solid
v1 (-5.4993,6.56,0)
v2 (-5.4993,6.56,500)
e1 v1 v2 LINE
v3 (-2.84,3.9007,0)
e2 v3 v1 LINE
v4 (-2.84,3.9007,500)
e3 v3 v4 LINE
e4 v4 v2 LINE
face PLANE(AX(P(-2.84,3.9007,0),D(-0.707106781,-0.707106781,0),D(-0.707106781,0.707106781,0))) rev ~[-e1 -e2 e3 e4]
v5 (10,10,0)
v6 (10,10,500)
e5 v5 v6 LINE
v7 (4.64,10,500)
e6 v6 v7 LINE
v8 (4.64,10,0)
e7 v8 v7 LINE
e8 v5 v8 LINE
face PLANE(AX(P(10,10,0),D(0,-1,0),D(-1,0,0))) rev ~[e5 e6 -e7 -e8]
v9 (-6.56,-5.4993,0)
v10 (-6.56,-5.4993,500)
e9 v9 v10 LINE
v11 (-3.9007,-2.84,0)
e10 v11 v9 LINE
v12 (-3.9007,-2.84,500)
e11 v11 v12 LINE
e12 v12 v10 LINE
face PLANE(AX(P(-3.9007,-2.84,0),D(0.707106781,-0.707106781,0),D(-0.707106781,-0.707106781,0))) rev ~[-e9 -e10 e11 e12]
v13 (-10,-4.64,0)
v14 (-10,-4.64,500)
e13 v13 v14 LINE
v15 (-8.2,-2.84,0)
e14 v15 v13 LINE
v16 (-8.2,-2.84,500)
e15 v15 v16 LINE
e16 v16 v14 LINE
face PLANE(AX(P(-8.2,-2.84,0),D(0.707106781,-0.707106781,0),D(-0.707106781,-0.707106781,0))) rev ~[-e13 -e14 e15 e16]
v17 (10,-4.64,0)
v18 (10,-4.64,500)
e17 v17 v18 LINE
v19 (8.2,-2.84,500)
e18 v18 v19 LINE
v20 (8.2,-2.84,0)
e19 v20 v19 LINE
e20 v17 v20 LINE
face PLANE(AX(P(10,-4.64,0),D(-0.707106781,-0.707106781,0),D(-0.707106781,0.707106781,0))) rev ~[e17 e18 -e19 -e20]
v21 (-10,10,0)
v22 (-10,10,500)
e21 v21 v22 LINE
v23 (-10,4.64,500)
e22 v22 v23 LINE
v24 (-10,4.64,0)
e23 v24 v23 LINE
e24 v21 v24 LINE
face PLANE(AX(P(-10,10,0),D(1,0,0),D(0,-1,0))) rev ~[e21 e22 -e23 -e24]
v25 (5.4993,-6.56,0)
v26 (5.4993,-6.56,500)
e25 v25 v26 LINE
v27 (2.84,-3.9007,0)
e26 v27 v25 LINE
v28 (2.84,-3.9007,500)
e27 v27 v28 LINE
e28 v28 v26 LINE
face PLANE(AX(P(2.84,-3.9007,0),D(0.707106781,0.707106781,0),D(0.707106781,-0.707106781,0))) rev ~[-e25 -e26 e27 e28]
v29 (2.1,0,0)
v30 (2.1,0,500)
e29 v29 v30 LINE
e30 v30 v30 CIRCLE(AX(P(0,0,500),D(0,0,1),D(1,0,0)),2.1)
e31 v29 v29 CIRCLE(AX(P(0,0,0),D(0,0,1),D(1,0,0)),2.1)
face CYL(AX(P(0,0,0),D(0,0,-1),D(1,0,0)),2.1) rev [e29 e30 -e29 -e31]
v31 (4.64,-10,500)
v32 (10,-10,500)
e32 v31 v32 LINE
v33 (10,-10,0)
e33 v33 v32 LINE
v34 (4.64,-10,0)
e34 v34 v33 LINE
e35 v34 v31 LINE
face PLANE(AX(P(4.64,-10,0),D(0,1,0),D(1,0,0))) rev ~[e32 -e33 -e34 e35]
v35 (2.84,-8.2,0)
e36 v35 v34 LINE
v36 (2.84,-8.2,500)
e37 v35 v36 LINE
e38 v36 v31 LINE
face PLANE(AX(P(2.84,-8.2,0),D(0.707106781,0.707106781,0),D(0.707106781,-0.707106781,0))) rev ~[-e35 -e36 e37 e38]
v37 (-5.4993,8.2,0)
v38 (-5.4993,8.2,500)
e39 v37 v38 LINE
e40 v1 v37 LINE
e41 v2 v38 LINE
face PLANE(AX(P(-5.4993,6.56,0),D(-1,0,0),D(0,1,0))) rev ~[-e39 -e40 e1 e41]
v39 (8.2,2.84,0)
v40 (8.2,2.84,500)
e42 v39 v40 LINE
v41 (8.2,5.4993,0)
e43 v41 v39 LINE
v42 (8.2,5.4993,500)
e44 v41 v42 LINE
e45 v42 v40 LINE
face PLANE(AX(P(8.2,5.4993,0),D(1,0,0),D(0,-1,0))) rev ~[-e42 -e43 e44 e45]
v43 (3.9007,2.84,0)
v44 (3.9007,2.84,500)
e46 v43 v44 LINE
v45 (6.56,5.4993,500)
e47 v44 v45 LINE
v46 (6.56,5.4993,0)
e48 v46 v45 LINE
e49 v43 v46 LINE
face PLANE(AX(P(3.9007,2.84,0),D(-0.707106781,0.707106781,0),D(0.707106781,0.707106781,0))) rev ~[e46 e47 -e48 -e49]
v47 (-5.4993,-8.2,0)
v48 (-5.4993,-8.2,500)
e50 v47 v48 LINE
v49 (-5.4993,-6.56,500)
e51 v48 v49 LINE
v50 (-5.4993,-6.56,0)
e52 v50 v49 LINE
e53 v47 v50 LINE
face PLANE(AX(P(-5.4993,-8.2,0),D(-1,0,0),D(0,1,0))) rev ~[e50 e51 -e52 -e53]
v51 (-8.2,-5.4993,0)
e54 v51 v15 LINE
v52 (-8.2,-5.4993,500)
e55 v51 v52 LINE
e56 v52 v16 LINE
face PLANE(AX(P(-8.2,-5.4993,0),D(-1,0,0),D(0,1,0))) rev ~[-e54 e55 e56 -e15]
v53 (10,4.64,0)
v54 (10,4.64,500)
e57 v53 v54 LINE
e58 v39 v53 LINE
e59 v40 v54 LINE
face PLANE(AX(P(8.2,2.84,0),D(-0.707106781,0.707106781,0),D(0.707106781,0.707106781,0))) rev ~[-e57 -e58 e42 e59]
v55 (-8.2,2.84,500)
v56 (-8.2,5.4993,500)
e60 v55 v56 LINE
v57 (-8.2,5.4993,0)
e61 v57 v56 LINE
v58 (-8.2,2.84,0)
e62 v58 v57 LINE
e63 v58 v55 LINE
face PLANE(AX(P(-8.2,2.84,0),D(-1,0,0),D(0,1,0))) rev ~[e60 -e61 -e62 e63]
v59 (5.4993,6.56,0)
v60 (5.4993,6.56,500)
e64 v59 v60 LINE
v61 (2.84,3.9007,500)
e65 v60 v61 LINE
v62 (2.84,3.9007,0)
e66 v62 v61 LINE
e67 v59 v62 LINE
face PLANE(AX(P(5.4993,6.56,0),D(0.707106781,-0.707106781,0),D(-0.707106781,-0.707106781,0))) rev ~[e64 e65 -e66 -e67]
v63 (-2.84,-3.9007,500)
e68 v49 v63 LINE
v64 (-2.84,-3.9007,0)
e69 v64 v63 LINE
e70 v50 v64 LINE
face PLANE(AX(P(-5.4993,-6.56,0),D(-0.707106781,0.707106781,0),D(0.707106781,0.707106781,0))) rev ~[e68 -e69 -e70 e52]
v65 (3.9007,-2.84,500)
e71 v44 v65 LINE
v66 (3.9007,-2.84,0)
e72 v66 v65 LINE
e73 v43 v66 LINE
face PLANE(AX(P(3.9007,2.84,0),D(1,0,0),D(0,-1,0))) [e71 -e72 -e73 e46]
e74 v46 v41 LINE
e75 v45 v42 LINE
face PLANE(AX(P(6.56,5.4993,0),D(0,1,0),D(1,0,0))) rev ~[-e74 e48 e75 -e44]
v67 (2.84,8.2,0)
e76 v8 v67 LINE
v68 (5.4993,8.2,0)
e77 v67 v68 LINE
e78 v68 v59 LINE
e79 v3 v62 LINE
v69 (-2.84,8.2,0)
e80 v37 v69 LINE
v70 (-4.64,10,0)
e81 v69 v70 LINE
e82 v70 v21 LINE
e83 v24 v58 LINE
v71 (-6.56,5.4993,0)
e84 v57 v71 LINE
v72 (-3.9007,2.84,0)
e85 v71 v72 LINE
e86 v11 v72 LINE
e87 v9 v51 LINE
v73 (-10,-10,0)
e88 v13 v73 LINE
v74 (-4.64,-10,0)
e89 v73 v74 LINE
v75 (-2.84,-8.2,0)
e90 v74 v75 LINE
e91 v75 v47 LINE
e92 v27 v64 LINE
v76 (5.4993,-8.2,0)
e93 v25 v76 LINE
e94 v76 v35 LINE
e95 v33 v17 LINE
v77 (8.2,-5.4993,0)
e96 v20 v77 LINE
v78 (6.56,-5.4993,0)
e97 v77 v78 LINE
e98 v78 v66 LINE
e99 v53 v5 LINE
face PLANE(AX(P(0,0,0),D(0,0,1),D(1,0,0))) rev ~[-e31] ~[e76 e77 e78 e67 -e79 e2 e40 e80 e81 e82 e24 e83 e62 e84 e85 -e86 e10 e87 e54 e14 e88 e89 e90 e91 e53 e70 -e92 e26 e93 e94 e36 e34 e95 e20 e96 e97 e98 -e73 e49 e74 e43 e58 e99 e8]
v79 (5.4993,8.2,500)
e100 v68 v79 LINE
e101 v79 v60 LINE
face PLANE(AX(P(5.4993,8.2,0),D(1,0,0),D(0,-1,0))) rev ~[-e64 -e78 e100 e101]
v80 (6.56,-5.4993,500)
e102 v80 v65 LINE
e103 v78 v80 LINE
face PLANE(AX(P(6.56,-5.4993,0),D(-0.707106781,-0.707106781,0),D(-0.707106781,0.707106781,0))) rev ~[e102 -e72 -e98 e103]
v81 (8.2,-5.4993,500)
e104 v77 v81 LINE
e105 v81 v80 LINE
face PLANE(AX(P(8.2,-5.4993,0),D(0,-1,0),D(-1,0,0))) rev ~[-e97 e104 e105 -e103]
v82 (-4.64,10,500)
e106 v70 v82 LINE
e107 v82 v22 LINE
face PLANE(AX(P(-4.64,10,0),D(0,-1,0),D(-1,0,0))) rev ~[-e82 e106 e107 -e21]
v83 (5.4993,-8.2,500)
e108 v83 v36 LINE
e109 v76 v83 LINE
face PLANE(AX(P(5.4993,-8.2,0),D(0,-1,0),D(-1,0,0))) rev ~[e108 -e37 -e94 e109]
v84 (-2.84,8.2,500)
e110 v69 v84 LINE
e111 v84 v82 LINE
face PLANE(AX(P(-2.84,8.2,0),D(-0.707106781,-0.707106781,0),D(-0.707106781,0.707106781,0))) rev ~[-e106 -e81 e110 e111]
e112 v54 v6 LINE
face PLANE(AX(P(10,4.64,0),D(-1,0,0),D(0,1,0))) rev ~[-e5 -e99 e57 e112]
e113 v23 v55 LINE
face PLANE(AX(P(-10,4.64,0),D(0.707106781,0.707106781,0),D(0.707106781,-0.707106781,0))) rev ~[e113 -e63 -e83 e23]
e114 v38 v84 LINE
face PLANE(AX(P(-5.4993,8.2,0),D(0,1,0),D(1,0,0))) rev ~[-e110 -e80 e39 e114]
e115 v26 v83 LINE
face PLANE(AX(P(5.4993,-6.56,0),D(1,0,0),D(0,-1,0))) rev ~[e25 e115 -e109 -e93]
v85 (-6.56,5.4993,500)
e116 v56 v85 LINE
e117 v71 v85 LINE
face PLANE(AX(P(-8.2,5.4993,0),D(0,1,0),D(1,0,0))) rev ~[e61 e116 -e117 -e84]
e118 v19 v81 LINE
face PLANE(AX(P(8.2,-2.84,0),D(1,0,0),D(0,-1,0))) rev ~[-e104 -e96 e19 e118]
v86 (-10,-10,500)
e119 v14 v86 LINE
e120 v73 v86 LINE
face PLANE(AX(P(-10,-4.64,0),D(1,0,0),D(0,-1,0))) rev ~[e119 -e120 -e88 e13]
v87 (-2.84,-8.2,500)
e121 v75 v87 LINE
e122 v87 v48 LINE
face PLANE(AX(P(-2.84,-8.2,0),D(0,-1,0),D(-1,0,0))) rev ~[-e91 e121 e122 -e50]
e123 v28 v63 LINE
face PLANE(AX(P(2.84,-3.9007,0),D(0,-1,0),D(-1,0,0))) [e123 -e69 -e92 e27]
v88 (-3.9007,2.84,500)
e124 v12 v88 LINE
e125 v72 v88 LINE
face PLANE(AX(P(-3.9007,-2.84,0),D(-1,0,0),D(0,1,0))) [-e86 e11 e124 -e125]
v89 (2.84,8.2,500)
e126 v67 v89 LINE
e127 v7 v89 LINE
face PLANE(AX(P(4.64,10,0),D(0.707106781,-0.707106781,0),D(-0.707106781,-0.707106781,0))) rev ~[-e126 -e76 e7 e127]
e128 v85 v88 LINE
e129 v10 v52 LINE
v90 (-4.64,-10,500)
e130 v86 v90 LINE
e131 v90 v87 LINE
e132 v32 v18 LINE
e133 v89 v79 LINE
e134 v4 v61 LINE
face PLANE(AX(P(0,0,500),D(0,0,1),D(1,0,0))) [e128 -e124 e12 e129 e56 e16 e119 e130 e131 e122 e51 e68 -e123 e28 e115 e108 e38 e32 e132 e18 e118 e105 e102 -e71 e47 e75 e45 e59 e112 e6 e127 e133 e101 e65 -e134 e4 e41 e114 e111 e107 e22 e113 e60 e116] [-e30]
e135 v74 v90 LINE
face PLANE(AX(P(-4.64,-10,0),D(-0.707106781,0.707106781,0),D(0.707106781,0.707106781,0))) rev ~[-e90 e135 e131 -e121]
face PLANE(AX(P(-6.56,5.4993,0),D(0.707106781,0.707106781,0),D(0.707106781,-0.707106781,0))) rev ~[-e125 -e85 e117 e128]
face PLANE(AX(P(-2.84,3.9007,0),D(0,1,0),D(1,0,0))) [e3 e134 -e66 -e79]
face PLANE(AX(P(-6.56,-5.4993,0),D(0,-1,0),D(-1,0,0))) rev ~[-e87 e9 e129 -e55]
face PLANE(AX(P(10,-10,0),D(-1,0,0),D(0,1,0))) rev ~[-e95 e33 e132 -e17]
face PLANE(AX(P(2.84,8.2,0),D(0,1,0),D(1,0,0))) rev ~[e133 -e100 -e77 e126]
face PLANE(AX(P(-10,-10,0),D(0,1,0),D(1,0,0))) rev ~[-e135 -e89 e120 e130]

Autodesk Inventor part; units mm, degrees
ref_plane "YZ Plane" through (0, 0, 0) normal (1, 0, 0) x (0, 1, 0)
ref_plane "XZ Plane" through (0, 0, 0) normal (0, 1, 0) x (-1, 0, 0)
ref_plane "XY Plane" through (0, 0, 0) normal (0, 0, 1) x (1, 0, 0)
sketch "Sketch1" plane through (0, 0, 0) normal (0, 0, 1) x (1, 0, 0)
  line L0 (-3.9007, 3.9007) -> (3.9007, 3.9007)
  line L1 (3.9007, 3.9007) -> (3.9007, -3.9007)
  line L2 (3.9007, -3.9007) -> (-3.9007, -3.9007)
  line L3 (-3.9007, -3.9007) -> (-3.9007, 3.9007)
  line L4 (0, 3.9007) -> (0, -3.9007) construction
  line L5 (-3.9007, 0) -> (3.9007, 0) construction
  circle A0 centre (0, 0) radius 2.1
  line L6 (0, 0) -> (-16.1173, 16.1173) construction
  line L7 (0, 0) -> (22.7933, 0) construction
  line L8 (-2.84, 3.9007) -> (-5.4993, 6.56)
  line L9 (-5.4993, 6.56) -> (-5.4993, 8.2)
  line L10 (-5.4993, 8.2) -> (-2.84, 8.2)
  line L11 (-2.84, 8.2) -> (-4.64, 10)
  line L12 (-4.64, 10) -> (-10, 10)
  line L13 (-10, 10) -> (-10, 4.64)
  line L14 (-10, 4.64) -> (-8.2, 2.84)
  line L15 (-8.2, 2.84) -> (-8.2, 5.4993)
  line L16 (-8.2, 5.4993) -> (-6.56, 5.4993)
  line L17 (-6.56, 5.4993) -> (-3.9007, 2.84)
  line L18 (-3.9007, 2.84) -> (-11.3102, 2.84) construction
  line L19 (-2.84, 3.9007) -> (-3.9007, 3.9007)
  line L20 (-3.9007, 2.84) -> (-3.9007, 3.9007)
  line L21 (-3.9007, -2.84) -> (-6.56, -5.4993)
  line L22 (-6.56, -5.4993) -> (-8.2, -5.4993)
  line L23 (-8.2, -5.4993) -> (-8.2, -2.84)
  line L24 (-8.2, -2.84) -> (-10, -4.64)
  line L25 (-10, -4.64) -> (-10, -10)
  line L26 (-10, -10) -> (-4.64, -10)
  line L27 (-4.64, -10) -> (-2.84, -8.2)
  line L28 (-2.84, -8.2) -> (-5.4993, -8.2)
  line L29 (-5.4993, -8.2) -> (-5.4993, -6.56)
  line L30 (-5.4993, -6.56) -> (-2.84, -3.9007)
  line L31 (-3.9007, -2.84) -> (-3.9007, -3.9007)
  line L32 (-2.84, -3.9007) -> (-3.9007, -3.9007)
  line L33 (2.84, -3.9007) -> (5.4993, -6.56)
  line L34 (5.4993, -6.56) -> (5.4993, -8.2)
  line L35 (5.4993, -8.2) -> (2.84, -8.2)
  line L36 (2.84, -8.2) -> (4.64, -10)
  line L37 (4.64, -10) -> (10, -10)
  line L38 (10, -10) -> (10, -4.64)
  line L39 (10, -4.64) -> (8.2, -2.84)
  line L40 (8.2, -2.84) -> (8.2, -5.4993)
  line L41 (8.2, -5.4993) -> (6.56, -5.4993)
  line L42 (6.56, -5.4993) -> (3.9007, -2.84)
  line L43 (2.84, -3.9007) -> (3.9007, -3.9007)
  line L44 (3.9007, -2.84) -> (3.9007, -3.9007)
  line L45 (3.9007, 2.84) -> (6.56, 5.4993)
  line L46 (6.56, 5.4993) -> (8.2, 5.4993)
  line L47 (8.2, 5.4993) -> (8.2, 2.84)
  line L48 (8.2, 2.84) -> (10, 4.64)
  line L49 (10, 4.64) -> (10, 10)
  line L50 (10, 10) -> (4.64, 10)
  line L51 (4.64, 10) -> (2.84, 8.2)
  line L52 (2.84, 8.2) -> (5.4993, 8.2)
  line L53 (5.4993, 8.2) -> (5.4993, 6.56)
  line L54 (5.4993, 6.56) -> (2.84, 3.9007)
  line L55 (3.9007, 2.84) -> (3.9007, 3.9007)
  line L56 (2.84, 3.9007) -> (3.9007, 3.9007)
  dimension "d7" = 4.2
  dimension "d8" = 135
  dimension "d9" = 1.5
  dimension "d10" = 1.64
  dimension "d11" = 1.8
  dimension "d12" = 2.84
  dimension "d13" = 10
  dimension "d16" = 360
extrude "Extrusion1" add sketch "Sketch1" along normal blind 500
properties part number "20x20x500mm"
